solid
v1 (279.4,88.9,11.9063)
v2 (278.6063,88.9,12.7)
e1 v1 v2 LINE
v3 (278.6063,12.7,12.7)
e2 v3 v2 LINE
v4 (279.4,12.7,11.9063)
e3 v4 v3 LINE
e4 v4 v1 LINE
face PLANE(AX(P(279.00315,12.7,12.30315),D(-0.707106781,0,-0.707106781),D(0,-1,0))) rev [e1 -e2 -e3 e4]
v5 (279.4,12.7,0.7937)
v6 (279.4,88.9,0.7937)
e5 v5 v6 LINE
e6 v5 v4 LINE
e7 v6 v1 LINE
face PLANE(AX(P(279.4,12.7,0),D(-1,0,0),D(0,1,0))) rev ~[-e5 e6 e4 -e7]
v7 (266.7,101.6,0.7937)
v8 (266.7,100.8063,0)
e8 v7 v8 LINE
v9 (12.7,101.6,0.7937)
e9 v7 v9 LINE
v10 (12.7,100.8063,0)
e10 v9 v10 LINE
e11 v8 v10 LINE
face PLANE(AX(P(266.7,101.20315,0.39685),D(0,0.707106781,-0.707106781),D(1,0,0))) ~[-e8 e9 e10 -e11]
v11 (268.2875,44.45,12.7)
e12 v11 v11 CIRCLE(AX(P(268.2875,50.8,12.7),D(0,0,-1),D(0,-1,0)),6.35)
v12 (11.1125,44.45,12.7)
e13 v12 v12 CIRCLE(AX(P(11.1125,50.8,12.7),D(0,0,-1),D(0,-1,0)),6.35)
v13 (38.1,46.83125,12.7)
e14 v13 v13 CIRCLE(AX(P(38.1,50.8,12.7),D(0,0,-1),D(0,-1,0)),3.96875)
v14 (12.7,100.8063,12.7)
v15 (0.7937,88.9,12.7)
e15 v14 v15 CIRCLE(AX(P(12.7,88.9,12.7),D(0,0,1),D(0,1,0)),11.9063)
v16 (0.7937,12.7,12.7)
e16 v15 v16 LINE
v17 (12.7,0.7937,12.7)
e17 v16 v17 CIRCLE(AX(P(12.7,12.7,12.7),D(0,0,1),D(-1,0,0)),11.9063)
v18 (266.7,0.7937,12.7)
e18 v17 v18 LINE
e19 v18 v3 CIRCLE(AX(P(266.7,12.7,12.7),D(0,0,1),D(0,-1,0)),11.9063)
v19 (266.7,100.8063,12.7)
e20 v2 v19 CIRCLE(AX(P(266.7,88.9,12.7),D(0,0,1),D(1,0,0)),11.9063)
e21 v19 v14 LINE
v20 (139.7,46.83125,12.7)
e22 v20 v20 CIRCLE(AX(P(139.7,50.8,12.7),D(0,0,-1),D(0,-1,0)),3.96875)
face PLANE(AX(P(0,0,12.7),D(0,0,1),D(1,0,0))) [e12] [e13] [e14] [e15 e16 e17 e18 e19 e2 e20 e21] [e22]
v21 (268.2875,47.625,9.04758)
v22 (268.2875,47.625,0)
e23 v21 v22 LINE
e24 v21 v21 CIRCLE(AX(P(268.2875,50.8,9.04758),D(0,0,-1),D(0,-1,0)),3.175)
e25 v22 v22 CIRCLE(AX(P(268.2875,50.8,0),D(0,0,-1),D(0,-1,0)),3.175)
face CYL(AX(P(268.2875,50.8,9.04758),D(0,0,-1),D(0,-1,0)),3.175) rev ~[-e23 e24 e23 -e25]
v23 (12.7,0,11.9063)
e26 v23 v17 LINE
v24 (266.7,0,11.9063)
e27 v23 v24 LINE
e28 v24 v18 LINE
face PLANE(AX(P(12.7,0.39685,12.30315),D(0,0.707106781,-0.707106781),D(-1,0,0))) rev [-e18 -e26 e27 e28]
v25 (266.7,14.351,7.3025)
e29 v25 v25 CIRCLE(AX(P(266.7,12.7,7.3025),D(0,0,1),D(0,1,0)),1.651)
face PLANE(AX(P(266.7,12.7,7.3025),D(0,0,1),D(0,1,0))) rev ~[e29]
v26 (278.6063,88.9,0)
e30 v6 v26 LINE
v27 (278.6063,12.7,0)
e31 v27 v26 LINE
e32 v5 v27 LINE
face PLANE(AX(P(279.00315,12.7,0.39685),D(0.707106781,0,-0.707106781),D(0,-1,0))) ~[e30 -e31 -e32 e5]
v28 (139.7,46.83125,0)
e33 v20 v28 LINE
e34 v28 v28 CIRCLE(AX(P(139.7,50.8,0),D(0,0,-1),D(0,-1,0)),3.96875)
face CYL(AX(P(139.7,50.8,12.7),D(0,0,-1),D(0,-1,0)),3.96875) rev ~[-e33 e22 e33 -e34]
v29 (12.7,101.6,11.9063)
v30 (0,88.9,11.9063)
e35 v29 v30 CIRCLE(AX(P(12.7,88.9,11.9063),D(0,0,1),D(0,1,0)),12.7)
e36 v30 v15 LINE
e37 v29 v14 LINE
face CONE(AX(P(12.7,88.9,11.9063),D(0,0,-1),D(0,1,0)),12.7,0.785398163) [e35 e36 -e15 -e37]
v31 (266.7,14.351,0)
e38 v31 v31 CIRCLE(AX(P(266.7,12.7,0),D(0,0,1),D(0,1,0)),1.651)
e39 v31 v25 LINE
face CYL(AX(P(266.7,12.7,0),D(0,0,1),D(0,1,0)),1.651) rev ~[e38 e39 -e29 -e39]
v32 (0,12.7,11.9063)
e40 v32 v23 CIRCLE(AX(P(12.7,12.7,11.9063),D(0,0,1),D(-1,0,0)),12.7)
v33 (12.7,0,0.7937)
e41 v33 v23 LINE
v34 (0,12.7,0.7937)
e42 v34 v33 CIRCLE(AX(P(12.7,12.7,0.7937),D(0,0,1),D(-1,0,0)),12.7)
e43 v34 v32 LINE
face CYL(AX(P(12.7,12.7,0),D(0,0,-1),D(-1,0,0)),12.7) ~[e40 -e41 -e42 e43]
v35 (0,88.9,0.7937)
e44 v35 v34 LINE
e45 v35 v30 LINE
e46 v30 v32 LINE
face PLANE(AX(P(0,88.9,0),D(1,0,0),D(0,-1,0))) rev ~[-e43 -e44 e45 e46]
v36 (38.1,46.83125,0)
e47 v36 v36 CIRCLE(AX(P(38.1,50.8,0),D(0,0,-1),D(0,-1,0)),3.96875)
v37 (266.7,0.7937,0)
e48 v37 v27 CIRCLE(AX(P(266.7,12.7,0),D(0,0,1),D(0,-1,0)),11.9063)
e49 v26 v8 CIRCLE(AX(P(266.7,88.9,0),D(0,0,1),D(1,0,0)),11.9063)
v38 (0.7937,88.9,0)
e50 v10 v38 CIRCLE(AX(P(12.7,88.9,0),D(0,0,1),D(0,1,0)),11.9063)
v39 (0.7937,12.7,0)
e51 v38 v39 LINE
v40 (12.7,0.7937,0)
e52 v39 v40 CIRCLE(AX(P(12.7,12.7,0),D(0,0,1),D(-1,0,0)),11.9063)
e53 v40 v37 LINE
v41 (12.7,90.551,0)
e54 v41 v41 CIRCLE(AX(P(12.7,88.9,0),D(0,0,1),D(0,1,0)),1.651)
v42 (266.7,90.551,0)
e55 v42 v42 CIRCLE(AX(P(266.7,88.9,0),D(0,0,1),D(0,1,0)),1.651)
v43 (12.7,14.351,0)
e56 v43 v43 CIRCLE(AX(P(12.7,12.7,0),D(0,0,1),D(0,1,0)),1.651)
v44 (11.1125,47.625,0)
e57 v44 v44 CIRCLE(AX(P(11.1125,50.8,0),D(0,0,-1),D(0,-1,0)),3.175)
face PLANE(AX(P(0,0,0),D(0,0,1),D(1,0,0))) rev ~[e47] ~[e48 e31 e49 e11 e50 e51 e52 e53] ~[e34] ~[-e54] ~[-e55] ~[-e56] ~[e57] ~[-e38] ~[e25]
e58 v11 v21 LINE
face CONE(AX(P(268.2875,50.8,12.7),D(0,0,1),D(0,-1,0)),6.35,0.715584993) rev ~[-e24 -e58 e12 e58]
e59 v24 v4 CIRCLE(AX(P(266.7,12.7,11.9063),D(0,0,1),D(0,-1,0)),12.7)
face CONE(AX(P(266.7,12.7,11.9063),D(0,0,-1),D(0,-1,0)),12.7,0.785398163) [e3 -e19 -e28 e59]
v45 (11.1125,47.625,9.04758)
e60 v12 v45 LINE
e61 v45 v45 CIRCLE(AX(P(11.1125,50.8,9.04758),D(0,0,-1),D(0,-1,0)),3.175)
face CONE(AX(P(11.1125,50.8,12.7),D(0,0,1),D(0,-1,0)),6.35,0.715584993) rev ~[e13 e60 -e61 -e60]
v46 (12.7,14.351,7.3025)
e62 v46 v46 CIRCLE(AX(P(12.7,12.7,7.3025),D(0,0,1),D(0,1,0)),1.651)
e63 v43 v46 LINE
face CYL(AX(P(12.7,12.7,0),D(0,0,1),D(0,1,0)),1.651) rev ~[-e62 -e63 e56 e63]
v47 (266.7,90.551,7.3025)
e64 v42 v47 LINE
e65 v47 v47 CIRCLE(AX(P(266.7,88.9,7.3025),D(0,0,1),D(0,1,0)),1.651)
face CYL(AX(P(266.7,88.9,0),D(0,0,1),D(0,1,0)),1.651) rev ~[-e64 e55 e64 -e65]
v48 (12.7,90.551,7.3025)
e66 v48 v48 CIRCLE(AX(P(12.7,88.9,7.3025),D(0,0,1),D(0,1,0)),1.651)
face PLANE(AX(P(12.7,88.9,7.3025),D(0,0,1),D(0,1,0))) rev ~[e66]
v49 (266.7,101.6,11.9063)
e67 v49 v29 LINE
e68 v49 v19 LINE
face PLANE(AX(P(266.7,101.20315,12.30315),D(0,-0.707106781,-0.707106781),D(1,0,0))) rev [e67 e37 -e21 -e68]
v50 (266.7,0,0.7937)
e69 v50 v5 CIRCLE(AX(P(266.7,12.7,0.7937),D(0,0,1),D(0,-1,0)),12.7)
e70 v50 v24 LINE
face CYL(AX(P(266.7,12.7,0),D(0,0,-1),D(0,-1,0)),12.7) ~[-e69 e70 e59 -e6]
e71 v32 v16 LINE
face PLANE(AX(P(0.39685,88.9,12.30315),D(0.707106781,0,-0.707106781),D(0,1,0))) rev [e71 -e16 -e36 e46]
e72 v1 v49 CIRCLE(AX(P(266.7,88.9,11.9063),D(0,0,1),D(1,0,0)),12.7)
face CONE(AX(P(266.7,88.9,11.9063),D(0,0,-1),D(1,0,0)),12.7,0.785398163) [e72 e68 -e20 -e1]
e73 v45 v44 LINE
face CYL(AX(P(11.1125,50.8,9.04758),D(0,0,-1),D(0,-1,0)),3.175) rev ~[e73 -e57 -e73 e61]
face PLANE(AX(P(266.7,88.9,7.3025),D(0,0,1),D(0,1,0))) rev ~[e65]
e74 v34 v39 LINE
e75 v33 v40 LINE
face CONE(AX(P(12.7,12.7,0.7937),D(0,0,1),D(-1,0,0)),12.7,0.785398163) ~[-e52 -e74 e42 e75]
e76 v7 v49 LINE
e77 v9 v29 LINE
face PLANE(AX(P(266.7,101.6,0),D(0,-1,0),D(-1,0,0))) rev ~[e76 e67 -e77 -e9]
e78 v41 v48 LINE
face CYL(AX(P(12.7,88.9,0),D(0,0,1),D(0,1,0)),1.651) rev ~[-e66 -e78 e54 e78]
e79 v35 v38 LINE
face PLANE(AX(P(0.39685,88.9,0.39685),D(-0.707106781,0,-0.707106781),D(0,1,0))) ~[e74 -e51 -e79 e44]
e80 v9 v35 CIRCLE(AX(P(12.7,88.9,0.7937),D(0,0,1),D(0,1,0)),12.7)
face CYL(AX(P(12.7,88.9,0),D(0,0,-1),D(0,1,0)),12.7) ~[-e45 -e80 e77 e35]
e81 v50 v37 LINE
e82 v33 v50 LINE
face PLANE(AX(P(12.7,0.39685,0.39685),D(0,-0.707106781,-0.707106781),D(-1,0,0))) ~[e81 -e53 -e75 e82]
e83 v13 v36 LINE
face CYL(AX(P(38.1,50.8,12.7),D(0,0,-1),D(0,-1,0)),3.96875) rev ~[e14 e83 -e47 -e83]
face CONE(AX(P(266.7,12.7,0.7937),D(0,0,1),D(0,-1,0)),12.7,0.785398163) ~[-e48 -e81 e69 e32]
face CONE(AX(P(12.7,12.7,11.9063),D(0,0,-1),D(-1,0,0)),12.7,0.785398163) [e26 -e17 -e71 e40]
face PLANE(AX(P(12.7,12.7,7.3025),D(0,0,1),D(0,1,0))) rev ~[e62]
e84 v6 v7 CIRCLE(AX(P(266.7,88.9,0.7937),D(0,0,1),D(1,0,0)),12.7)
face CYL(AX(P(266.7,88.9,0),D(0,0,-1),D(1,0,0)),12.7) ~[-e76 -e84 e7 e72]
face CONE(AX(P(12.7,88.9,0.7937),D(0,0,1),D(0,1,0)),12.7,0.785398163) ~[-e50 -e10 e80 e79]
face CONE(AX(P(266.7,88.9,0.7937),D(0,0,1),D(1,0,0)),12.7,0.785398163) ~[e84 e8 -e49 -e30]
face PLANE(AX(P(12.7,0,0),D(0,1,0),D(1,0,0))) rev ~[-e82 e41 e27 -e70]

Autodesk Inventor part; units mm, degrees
ref_plane "YZ Plane" through (0, 0, 0) normal (1, 0, 0) x (0, 1, 0)
ref_plane "XZ Plane" through (0, 0, 0) normal (0, 1, 0) x (-1, 0, 0)
ref_plane "XY Plane" through (0, 0, 0) normal (0, 0, 1) x (1, 0, 0)
sketch "Sketch1" plane through (0, 0, 0) normal (0, 0, 1) x (1, 0, 0)
  line L0 (12.7, 0) -> (266.7, 0)
  line L1 (279.4, 12.7) -> (279.4, 88.9)
  line L2 (266.7, 101.6) -> (12.7, 101.6)
  line L3 (0, 88.9) -> (0, 12.7)
  arc A0 (12.7, 101.6) -> (0, 88.9) centre (12.7, 88.9) ccw
  arc A1 (0, 12.7) -> (12.7, 0) centre (12.7, 12.7) ccw
  arc A2 (266.7, 0) -> (279.4, 12.7) centre (266.7, 12.7) ccw
  arc A3 (279.4, 88.9) -> (266.7, 101.6) centre (266.7, 88.9) ccw
  point P0 (0, 0)
  point P1 (279.4, 101.6)
  point P2 (279.4, 0)
  point P3 (0, 101.6)
  dimension "d0" = 279.4
  dimension "d1" = 101.6
  dimension "d2" = 12.7
extrude "Extrusion1" add sketch "Sketch1" along normal blind 12.7
chamfer "Chamfer1" distance 0.7937 angle 45 16 edges at (139.7, 101.6, 12.7) (3.7197, 97.8803, 12.7) (0, 50.8, 12.7) (3.7197, 3.7197, 12.7) (139.7, 0, 12.7) (275.6803, 3.7197, 12.7) (279.4, 50.8, 12.7) (275.6803, 97.8803, 12.7) (139.7, 101.6, 0) (3.7197, 97.8803, 0) (0, 50.8, 0) (3.7197, 3.7197, 0) (139.7, 0, 0) (275.6803, 3.7197, 0) (279.4, 50.8, 0) (275.6803, 97.8803, 0)
sketch "Sketch2" plane through (0, 0, 12.7) normal (0, 0, 1) x (1, 0, 0)
  line L0 (0.7937, 12.7) -> (0.7938, 88.9) projected
  line L1 (0, 88.9) -> (0, 12.7) projected
  line L2 (266.7, 101.6) -> (12.7, 101.6) projected
  line L3 (279.4, 12.7) -> (279.4, 88.9) projected
  point P0 (0, 0)
  point P1 (11.1125, 50.8)
  point P2 (38.1, 50.8)
  point P3 (139.7, 50.8)
  point P4 (268.2875, 50.8)
  dimension "d9" = 11.1125
  dimension "d10" = 50.8
  dimension "d11" = 50.8
  dimension "d12" = 50.8
  dimension "d13" = 50.8
  dimension "d14" = 11.1125
  dimension "d15" = 139.7
  dimension "d16" = 38.1
hole "Hole1" at (11.1125, 50.8, 12.7) at (268.2875, 50.8, 12.7) direction (0, 0, -1) diameter 6.35 end through all countersink diameter 12.7 countersink angle 82
hole "Hole2" at (38.1, 50.8, 12.7) at (139.7, 50.8, 12.7) direction (0, 0, -1) diameter 7.9375 end through all
sketch "Sketch3" plane through (0, 0, 0) normal (0, 0, -1) x (-1, 0, 0)
  arc A0 (-12.7, 0.7937) -> (-0.7938, 12.7) centre (-12.7, 12.7) ccw projected
  arc A1 (-0.7938, 88.9) -> (-12.7, 100.8062) centre (-12.7, 88.9) ccw projected
  arc A2 (-266.7, 100.8062) -> (-278.6063, 88.9) centre (-266.7, 88.9) ccw projected
  arc A3 (-278.6063, 12.7) -> (-266.7, 0.7938) centre (-266.7, 12.7) ccw projected
  point P0 (0, 0)
hole "Hole3" at (12.7, 12.7, 0) at (12.7, 88.9, 0) at (266.7, 88.9, 0) at (266.7, 12.7, 0) direction (0, 0, 1) diameter 3.302 depth 7.3025 thread size "8-32 UNC" class "2B" standard "ANSI Unified Screw Threads"
properties part number "Base Plate"
